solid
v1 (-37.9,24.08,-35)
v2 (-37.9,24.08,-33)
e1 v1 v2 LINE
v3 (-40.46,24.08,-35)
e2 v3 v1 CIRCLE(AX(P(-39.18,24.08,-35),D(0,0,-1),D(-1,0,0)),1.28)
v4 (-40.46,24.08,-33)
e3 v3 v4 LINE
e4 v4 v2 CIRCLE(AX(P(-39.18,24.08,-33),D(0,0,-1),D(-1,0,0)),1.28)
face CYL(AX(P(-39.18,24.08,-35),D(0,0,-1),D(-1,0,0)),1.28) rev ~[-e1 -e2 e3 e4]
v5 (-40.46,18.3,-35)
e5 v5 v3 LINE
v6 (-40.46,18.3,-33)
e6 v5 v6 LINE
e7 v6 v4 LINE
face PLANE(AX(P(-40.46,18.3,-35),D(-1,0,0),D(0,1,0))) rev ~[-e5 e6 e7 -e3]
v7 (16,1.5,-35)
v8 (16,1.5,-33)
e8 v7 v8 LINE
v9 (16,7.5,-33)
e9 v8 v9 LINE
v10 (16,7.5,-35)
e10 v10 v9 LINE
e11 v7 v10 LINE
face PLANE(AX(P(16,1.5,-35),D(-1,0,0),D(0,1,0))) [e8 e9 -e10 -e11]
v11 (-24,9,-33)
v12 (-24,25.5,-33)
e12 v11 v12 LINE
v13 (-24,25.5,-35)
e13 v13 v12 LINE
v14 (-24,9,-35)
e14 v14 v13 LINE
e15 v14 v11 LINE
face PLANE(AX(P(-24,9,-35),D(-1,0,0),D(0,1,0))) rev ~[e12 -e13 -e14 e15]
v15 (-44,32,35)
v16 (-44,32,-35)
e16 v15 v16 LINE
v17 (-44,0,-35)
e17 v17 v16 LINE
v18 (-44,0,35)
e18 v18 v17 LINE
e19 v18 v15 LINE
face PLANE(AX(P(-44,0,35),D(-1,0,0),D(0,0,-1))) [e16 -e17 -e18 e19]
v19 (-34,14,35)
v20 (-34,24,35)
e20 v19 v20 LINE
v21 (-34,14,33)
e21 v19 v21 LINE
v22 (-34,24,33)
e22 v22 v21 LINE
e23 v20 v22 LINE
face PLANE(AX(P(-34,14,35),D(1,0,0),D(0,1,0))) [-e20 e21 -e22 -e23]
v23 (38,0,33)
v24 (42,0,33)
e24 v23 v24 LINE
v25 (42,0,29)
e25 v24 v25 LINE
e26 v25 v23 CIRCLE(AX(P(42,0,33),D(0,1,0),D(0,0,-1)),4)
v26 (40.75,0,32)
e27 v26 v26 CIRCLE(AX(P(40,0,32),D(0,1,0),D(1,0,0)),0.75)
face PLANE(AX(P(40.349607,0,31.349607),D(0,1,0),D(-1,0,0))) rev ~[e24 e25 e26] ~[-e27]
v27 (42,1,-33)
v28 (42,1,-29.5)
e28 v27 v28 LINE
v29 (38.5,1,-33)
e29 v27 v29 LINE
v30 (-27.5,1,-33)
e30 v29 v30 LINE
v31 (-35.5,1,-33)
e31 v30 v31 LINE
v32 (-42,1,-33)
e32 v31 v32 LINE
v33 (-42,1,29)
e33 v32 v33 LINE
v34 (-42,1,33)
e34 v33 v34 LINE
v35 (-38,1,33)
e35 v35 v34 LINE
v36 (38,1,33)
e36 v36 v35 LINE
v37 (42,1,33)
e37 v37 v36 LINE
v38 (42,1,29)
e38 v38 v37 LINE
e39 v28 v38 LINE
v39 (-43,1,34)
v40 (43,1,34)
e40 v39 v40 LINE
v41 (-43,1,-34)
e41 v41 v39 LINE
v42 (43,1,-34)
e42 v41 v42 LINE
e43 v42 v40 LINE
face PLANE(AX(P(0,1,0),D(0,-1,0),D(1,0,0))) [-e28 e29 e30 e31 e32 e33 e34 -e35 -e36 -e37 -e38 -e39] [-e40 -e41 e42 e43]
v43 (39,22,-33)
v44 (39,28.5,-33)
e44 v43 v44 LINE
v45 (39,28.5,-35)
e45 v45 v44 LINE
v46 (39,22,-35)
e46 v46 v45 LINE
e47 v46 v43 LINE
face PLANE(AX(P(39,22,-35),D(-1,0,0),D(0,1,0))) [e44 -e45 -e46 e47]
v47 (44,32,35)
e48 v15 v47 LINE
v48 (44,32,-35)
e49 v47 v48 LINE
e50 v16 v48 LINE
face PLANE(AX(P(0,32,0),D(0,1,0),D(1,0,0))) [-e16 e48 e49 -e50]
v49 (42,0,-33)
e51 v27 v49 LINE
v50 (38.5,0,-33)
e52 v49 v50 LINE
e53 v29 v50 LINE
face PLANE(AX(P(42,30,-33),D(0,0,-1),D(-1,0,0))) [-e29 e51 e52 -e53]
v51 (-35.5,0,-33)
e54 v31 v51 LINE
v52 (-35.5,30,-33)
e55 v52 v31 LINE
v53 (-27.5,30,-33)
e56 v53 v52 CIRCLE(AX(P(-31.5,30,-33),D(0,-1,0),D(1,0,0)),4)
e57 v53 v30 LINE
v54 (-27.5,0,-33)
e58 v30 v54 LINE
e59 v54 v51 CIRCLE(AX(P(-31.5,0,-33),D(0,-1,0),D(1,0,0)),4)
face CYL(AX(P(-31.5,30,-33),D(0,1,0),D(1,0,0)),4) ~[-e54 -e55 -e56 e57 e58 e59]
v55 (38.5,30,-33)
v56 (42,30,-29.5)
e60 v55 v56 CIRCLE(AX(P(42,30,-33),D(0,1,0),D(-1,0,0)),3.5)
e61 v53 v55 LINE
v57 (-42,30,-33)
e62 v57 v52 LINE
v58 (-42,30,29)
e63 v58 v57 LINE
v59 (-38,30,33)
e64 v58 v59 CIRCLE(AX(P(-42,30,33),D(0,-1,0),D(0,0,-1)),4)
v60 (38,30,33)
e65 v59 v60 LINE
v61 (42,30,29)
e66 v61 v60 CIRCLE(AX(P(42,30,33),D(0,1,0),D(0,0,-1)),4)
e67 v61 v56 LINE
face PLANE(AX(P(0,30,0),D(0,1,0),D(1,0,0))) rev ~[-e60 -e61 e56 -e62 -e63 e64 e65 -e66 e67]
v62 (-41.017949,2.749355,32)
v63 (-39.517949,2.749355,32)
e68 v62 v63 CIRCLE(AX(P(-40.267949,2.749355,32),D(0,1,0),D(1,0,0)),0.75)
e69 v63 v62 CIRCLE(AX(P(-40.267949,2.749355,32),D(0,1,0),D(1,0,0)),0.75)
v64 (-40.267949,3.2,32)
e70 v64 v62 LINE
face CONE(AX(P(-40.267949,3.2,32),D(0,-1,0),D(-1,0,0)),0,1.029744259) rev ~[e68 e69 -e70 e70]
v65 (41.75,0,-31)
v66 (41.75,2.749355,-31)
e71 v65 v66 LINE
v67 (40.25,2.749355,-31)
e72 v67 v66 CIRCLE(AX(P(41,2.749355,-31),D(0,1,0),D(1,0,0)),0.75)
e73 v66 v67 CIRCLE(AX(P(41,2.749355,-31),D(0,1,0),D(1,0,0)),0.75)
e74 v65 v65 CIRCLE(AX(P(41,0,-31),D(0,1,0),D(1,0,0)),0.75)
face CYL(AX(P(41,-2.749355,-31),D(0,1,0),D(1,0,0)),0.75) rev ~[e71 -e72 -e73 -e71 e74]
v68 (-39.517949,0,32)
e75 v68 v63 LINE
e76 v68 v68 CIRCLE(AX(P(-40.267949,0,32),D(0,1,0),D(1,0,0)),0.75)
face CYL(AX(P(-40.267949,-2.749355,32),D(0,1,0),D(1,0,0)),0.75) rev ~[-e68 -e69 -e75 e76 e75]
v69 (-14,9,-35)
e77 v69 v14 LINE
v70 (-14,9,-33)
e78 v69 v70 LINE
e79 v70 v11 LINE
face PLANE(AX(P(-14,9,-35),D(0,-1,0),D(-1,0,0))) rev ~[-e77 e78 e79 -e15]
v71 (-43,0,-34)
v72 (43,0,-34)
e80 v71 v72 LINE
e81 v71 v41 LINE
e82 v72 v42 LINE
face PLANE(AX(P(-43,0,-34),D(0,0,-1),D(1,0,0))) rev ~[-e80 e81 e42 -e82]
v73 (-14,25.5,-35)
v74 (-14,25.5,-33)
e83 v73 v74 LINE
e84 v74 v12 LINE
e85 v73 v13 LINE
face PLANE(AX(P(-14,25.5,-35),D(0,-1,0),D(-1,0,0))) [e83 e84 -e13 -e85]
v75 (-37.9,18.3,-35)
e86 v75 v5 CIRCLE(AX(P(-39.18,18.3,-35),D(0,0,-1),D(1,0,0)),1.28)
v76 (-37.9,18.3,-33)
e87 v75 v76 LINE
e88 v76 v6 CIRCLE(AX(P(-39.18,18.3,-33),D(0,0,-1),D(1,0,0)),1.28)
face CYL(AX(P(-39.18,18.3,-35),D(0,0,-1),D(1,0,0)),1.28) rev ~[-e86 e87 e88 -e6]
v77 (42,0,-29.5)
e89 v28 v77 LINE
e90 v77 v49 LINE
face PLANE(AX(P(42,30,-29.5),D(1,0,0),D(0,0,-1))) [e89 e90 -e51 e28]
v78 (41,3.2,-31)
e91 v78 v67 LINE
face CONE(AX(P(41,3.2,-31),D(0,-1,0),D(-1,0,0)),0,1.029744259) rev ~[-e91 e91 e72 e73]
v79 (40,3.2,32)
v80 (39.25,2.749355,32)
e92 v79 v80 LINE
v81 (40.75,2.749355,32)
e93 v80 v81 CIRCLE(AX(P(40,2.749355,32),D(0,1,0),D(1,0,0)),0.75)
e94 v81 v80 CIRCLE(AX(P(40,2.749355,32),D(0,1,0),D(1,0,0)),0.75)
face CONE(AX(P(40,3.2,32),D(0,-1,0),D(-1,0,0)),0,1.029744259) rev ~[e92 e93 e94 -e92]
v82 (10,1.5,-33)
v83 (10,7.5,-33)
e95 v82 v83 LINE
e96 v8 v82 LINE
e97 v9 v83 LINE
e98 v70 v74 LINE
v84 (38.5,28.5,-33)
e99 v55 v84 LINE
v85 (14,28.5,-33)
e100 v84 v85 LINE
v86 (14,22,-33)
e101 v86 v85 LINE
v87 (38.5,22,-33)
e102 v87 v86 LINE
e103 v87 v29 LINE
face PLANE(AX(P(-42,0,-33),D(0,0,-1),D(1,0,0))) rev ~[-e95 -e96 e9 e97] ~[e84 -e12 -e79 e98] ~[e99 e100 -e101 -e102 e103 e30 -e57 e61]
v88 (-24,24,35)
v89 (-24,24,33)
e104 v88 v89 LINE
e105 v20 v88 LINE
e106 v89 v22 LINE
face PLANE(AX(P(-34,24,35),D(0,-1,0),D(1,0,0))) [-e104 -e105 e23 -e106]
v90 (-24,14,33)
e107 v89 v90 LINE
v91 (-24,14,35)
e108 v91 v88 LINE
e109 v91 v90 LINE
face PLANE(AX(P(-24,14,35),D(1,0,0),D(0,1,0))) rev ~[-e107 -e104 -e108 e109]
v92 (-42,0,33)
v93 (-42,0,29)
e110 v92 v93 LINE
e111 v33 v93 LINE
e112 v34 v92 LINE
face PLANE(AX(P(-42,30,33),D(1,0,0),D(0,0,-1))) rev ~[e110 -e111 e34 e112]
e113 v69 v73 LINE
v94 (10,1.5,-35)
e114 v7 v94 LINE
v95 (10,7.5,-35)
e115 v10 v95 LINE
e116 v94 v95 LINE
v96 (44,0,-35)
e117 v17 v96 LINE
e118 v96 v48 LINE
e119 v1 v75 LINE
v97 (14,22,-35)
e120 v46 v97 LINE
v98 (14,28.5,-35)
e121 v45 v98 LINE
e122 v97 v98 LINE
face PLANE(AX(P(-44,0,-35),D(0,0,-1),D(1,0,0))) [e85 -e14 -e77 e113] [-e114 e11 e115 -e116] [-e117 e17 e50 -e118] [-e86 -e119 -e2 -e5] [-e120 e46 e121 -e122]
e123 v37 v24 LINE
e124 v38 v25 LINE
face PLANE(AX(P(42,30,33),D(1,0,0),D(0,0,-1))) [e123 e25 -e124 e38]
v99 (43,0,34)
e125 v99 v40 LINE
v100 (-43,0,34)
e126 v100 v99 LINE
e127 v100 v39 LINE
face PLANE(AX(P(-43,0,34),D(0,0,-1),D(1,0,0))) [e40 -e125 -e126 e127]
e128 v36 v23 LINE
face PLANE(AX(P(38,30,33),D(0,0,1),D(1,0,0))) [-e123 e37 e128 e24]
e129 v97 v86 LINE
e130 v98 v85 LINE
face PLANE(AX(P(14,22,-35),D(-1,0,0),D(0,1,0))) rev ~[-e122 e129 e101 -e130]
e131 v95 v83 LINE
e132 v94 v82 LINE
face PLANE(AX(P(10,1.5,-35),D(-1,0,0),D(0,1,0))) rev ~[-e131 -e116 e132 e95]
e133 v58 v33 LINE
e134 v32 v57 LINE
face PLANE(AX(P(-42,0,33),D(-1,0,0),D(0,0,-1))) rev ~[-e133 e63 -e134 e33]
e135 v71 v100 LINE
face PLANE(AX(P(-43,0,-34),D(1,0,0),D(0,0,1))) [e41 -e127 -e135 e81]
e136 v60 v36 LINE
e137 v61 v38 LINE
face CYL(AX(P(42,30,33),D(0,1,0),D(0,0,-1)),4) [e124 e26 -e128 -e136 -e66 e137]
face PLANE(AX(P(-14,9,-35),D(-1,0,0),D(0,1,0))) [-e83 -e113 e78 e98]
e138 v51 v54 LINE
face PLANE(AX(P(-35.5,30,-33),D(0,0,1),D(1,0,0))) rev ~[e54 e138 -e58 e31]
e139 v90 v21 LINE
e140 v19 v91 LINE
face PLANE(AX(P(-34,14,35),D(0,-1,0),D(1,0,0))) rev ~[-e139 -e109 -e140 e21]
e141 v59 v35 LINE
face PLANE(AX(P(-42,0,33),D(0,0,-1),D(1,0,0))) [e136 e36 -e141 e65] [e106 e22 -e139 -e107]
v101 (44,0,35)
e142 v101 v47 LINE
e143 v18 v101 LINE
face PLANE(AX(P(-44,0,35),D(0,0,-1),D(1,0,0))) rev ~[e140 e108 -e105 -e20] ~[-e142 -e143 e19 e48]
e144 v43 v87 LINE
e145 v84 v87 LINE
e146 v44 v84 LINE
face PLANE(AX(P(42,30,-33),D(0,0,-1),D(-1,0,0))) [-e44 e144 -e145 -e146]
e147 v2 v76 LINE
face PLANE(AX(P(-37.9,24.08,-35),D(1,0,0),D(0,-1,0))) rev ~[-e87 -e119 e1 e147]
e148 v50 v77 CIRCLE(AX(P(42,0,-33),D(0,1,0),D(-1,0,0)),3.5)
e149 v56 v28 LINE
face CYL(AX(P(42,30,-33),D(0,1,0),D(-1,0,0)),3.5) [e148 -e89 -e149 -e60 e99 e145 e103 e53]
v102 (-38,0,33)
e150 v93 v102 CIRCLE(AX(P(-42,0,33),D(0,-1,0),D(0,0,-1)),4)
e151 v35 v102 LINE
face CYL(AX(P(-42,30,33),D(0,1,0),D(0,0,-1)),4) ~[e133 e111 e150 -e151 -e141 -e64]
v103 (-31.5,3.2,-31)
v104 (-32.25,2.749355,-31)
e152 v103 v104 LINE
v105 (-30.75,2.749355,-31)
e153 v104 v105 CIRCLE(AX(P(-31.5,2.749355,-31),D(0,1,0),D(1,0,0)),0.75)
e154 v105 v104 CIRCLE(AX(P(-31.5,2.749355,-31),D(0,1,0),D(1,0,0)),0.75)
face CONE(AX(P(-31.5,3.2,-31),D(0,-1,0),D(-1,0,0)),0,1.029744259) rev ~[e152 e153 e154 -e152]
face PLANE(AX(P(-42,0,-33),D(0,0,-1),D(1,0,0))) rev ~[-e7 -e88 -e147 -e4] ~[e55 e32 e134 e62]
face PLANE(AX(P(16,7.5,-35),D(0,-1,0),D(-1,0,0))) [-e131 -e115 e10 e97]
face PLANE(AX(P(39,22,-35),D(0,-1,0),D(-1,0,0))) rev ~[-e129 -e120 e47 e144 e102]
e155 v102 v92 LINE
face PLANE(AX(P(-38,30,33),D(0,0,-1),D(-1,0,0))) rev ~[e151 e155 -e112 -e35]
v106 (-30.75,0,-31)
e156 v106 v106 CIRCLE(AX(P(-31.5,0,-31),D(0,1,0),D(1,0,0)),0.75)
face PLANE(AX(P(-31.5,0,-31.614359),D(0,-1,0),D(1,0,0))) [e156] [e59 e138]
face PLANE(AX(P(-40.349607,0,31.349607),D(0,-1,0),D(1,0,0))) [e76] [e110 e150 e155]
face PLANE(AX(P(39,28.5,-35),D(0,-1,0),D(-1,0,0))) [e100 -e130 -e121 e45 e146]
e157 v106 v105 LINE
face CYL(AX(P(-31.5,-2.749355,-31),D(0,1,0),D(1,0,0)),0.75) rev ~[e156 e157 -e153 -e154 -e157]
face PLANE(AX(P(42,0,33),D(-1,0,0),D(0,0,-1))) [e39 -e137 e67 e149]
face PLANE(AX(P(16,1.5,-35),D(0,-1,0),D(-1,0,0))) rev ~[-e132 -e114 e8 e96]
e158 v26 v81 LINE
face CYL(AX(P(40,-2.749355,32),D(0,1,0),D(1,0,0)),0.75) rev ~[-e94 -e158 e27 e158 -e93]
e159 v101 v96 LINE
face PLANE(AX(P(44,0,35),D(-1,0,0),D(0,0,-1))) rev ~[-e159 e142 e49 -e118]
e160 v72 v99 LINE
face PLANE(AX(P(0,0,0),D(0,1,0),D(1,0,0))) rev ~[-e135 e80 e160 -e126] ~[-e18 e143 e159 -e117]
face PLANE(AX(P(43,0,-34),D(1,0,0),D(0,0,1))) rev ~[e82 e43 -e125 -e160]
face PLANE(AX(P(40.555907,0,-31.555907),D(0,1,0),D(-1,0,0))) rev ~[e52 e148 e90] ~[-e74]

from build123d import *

# Parameters (mm, degrees)
SKETCH1_W                 = 88
SKETCH1_H                 = 70
BOSS_EXTRUDE1_DEPTH       = 32
SKETCH2_W                 = 84
SKETCH2_H                 = 66
CUT_EXTRUDE1_DEPTH        = 30
SKETCH4_W                 = 10
SKETCH4_H                 = 16.5
CUT_EXTRUDE2_DEPTH        = 3
SKETCH6_W                 = 10
SKETCH6_H                 = 10
CUT_EXTRUDE3_DEPTH        = 3
SKETCH7_W                 = 86
SKETCH7_H                 = 68
CUT_EXTRUDE4_DEPTH        = 1
SKETCH10_W                = 25
SKETCH10_H                = 6.5
SKETCH10_W_2              = 6
SKETCH10_H_2              = 6
CUT_EXTRUDE5_DEPTH        = 3
BOSS_EXTRUDE2_DEPTH       = 30
F_2_0MM_DOWEL_HOLE1_D     = 1.5
F_2_0MM_DOWEL_HOLE1_DEPTH = 2.749354536
F_2_0MM_DOWEL_HOLE1_TIP   = 0.450645464
CUT_EXTRUDE6_DEPTH        = 3


with BuildPart() as part:
    # Sketch1 → Boss-Extrude1 (new body)
    with BuildSketch(Plane(origin=(0, 0, 0), x_dir=(1, 0, 0), z_dir=(0, 1, 0))):
        Rectangle(SKETCH1_W, SKETCH1_H)
    extrude(amount=BOSS_EXTRUDE1_DEPTH)

    # Sketch2 → Cut-Extrude1 (cut)
    with BuildSketch(Plane(origin=(0, 0, 0), x_dir=(1, 0, 0), z_dir=(0, 1, 0))):
        Rectangle(SKETCH2_W, SKETCH2_H)
    extrude(amount=CUT_EXTRUDE1_DEPTH, mode=Mode.SUBTRACT)

    # Sketch4 → Cut-Extrude2 (cut)
    with BuildSketch(Plane(origin=(0, 0, -35), x_dir=(-1, 0, 0), z_dir=(0, 0, -1))):
        with Locations((19, 17.25)):
            Rectangle(SKETCH4_W, SKETCH4_H)
    extrude(amount=-CUT_EXTRUDE2_DEPTH, mode=Mode.SUBTRACT)

    # Sketch6 → Cut-Extrude3 (cut)
    with BuildSketch(Plane.XY.offset(35)):
        with Locations((-29, 19)):
            Rectangle(SKETCH6_W, SKETCH6_H)
    extrude(amount=-CUT_EXTRUDE3_DEPTH, mode=Mode.SUBTRACT)

    # Sketch7 → Cut-Extrude4 (cut)
    with BuildSketch(Plane.XZ):
        Rectangle(SKETCH7_W, SKETCH7_H)
    extrude(amount=-CUT_EXTRUDE4_DEPTH, mode=Mode.SUBTRACT)

    # Sketch10 → Cut-Extrude5 (cut)
    with BuildSketch(Plane(origin=(0, 0, -35), x_dir=(-1, 0, 0), z_dir=(0, 0, -1))):
        with Locations((-26.5, 25.25)):
            Rectangle(SKETCH10_W, SKETCH10_H)
        with Locations((-13, 4.5)):
            Rectangle(SKETCH10_W_2, SKETCH10_H_2)
    extrude(amount=-CUT_EXTRUDE5_DEPTH, mode=Mode.SUBTRACT)

    # Sketch11 → Boss-Extrude2 (add)
    with BuildSketch(Plane.XZ.offset(-30)):
        with BuildLine():
            Line((38, 33), (42, 33))
            Line((42, 33), (42, 29))
            ThreePointArc((42, 29), (39.171572875, 30.171572875), (38, 33))
        make_face()
        with BuildLine():
            Line((-42, 33), (-42, 29))
            ThreePointArc((-42, 29), (-39.171572875, 30.171572875), (-38, 33))
            Line((-38, 33), (-42, 33))
        make_face()
        with BuildLine():
            Line((42, -29.5), (42, -33))
            Line((42, -33), (38.5, -33))
            ThreePointArc((38.5, -33), (39.525126266, -30.525126266), (42, -29.5))
        make_face()
        with BuildLine():
            Line((-35.5, -33), (-27.5, -33))
            ThreePointArc((-27.5, -33), (-31.5, -29), (-35.5, -33))
        make_face()
    extrude(amount=BOSS_EXTRUDE2_DEPTH)

    # Ø2.0mm Dowel Hole1
    with Locations(Plane(origin=(0, 0, 0), x_dir=(-1, 0, 0), z_dir=(0, -1, 0))):
        with Locations((-41, 31), (31.5, 31), (40.267949192, -32), (-40, -32)):
            Hole(F_2_0MM_DOWEL_HOLE1_D / 2, depth=F_2_0MM_DOWEL_HOLE1_DEPTH)
            with Locations((0, 0, -(F_2_0MM_DOWEL_HOLE1_DEPTH + F_2_0MM_DOWEL_HOLE1_TIP / 2))):  # 118° drill point
                Cone(0, F_2_0MM_DOWEL_HOLE1_D / 2, F_2_0MM_DOWEL_HOLE1_TIP, mode=Mode.SUBTRACT)

    # Sketch22 → Cut-Extrude6 (cut)
    with BuildSketch(Plane(origin=(0, 0, -35), x_dir=(-1, 0, 0), z_dir=(0, 0, -1))):
        with BuildLine():
            Line((37.9, 24.08), (37.9, 18.3))
            ThreePointArc((37.9, 18.3), (39.18, 17.02), (40.46, 18.3))
            Line((40.46, 18.3), (40.46, 24.08))
            ThreePointArc((40.46, 24.08), (39.18, 25.36), (37.9, 24.08))
        make_face()
    extrude(amount=-CUT_EXTRUDE6_DEPTH, mode=Mode.SUBTRACT)


solid = part.part
